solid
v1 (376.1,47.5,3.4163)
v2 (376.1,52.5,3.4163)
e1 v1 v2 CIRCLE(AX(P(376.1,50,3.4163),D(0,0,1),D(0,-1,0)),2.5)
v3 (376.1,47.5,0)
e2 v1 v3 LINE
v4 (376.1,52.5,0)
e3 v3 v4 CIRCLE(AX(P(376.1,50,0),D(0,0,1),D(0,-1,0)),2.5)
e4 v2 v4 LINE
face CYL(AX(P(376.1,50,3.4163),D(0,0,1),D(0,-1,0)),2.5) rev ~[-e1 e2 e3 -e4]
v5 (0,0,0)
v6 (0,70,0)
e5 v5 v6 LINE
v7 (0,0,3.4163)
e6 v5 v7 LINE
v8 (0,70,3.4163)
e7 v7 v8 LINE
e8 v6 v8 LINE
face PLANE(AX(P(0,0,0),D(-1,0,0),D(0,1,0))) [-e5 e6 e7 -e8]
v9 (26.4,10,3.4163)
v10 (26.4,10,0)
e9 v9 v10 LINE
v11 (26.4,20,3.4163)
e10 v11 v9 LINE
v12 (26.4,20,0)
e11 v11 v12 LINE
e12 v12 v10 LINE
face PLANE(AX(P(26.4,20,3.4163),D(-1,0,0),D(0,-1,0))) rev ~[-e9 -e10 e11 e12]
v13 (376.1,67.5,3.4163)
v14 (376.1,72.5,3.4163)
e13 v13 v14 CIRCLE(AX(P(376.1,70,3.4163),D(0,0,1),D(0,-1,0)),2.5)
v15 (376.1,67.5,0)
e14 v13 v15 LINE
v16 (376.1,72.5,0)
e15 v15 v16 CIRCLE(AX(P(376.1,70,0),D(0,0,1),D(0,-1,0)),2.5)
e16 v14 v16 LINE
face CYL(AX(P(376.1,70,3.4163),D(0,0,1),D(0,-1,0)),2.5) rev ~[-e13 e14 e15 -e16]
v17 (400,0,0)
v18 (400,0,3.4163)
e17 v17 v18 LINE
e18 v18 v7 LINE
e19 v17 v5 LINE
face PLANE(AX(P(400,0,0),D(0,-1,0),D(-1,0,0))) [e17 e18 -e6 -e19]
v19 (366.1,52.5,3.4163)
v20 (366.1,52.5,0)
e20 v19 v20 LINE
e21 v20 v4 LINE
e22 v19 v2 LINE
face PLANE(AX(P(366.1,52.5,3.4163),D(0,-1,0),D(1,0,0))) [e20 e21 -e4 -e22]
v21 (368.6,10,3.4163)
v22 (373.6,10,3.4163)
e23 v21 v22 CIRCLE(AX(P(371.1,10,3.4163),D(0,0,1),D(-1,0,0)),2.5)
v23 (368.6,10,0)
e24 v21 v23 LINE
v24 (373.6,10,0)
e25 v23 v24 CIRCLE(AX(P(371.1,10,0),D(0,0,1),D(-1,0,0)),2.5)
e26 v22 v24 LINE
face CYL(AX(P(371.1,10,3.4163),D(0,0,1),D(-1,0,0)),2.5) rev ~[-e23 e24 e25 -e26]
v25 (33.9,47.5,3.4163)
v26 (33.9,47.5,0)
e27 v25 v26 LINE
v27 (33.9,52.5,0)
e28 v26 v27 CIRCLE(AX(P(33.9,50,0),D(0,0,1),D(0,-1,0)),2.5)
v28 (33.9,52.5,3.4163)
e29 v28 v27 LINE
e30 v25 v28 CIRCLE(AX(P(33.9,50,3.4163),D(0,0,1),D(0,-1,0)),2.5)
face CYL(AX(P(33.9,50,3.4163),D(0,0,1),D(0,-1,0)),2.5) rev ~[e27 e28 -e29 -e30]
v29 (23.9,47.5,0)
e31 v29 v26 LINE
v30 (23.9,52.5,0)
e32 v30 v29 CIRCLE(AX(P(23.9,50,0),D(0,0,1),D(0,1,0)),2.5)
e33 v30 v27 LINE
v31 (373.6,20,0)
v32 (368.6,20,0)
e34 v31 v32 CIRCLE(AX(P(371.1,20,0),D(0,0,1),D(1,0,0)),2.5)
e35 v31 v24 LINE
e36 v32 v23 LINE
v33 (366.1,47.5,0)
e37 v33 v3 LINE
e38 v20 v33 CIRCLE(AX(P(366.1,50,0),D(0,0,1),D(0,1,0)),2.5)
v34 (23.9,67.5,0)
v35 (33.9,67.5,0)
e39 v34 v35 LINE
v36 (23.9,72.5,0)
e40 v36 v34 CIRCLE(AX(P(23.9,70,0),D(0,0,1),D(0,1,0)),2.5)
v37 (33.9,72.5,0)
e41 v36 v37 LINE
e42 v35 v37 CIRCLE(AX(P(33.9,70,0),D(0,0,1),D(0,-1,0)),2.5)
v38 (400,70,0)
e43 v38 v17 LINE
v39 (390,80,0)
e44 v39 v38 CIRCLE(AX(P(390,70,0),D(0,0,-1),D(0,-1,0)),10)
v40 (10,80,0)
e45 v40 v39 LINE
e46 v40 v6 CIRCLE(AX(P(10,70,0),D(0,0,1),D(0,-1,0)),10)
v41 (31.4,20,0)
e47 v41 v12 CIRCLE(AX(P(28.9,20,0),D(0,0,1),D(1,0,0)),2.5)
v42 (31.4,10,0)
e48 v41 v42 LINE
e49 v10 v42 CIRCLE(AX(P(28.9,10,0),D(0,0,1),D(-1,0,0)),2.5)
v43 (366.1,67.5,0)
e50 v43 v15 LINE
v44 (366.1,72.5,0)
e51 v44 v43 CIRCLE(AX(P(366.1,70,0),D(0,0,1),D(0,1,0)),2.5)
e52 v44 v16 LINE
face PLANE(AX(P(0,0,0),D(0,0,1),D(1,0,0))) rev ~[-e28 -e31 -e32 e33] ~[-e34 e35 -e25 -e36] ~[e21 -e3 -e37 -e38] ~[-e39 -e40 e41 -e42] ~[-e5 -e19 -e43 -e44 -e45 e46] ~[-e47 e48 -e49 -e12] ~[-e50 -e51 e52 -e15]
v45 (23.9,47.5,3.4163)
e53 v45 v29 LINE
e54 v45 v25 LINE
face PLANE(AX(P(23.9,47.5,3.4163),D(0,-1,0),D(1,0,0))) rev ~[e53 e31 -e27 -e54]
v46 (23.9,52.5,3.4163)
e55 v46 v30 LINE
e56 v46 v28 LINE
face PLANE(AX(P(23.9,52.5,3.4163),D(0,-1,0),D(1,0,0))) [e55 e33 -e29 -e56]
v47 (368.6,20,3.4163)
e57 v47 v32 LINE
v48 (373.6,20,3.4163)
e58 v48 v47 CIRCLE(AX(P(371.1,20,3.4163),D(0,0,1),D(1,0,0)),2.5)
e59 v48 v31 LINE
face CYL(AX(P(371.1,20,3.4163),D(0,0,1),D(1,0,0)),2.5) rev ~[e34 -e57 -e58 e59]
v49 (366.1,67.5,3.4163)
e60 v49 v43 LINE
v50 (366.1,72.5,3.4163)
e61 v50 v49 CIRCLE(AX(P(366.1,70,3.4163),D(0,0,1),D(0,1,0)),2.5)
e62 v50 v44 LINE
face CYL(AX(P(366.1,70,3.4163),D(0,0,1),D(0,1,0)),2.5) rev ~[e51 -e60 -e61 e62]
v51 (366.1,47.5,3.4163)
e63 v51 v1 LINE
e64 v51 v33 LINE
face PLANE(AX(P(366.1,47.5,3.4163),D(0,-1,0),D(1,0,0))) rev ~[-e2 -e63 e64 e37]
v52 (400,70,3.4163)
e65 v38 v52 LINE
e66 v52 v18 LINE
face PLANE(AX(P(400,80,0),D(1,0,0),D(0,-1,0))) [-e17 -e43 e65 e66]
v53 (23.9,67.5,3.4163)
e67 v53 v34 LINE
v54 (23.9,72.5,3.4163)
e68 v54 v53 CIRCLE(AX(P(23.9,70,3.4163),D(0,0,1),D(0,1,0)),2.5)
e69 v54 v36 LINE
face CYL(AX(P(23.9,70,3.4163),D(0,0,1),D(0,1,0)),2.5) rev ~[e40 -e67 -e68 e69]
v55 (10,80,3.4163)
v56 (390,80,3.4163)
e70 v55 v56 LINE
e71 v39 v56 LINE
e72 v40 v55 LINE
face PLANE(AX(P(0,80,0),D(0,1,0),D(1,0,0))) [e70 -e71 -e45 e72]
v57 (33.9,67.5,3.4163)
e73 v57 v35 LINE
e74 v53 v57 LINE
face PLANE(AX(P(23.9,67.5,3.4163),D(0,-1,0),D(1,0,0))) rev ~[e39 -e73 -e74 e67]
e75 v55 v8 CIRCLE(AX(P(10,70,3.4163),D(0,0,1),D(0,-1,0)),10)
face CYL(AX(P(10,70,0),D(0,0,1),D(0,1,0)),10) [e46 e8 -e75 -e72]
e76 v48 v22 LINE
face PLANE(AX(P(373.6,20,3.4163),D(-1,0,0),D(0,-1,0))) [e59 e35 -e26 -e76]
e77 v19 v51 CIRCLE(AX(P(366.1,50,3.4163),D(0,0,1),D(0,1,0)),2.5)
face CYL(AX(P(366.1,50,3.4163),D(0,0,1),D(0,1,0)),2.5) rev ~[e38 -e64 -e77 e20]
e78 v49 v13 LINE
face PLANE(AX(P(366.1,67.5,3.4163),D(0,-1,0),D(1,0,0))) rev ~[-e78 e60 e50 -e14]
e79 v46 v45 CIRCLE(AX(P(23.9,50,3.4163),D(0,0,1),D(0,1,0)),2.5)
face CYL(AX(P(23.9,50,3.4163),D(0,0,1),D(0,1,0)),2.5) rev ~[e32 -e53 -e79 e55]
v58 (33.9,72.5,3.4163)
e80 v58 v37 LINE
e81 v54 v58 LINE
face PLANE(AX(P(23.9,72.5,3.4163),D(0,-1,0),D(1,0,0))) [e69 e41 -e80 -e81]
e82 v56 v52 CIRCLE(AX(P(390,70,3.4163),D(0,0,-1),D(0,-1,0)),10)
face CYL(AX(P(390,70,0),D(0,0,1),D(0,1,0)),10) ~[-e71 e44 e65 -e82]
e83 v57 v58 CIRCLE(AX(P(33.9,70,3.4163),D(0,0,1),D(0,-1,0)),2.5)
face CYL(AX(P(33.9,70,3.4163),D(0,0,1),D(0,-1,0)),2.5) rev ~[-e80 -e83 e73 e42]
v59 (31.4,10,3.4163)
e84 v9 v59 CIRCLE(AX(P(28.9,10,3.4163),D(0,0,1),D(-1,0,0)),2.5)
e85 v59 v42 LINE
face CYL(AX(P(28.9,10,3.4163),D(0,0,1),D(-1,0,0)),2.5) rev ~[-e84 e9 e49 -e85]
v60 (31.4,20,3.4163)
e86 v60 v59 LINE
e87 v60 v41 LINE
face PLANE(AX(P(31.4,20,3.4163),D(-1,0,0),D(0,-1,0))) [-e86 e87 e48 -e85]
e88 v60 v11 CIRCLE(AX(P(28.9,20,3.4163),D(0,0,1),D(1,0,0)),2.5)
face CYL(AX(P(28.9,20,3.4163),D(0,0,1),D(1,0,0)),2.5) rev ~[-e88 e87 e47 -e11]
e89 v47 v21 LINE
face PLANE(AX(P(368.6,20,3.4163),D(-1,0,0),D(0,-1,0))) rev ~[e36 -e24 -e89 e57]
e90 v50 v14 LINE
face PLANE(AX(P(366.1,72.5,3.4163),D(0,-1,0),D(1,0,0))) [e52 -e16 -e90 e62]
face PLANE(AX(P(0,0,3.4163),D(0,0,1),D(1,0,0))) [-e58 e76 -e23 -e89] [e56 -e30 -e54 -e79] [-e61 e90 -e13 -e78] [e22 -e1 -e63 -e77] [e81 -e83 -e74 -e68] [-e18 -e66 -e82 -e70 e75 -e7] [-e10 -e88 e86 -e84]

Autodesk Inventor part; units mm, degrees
ref_plane "YZ Plane" through (0, 0, 0) normal (1, 0, 0) x (0, 1, 0)
ref_plane "XZ Plane" through (0, 0, 0) normal (0, 1, 0) x (-1, 0, 0)
ref_plane "XY Plane" through (0, 0, 0) normal (0, 0, 1) x (1, 0, 0)
sketch "Sketch1" plane through (0, 0, 0) normal (0, 0, 1) x (1, 0, 0)
  line L0 (0, 80) -> (400, 80)
  line L1 (400, 80) -> (400, 0)
  line L2 (400, 0) -> (0, 0)
  line L3 (0, 0) -> (0, 80)
  dimension "d0" = 80
  dimension "d1" = 400
extrude "Extrusion1" add sketch "Sketch1" along normal blind 3.4163
sketch "Sketch2" plane through (0, 0, 3.4163) normal (0, 0, 1) x (1, 0, 0)
  line L0 (0, 80) -> (400, 80) projected
  arc A0 (23.9, 72.5) -> (23.9, 67.5) centre (23.9, 70) ccw
  arc A1 (33.9, 67.5) -> (33.9, 72.5) centre (33.9, 70) ccw
  line L1 (23.9, 72.5) -> (33.9, 72.5)
  line L2 (23.9, 67.5) -> (33.9, 67.5)
  dimension "d7" = 5
  dimension "d8" = 10
  dimension "d9" = 5
  dimension "d10" = 10
extrude "Extrusion2" cut sketch "Sketch2" against normal through all
pattern_linear "Rectangular Pattern1" count 2 spacing 342.2 along (1, 0, 0) count 2 spacing 20 along (0, -1, 0) of "Extrusion2"
fillet "Fillet1" radius 10 2 edges at (400, 80, 1.7082) (0, 80, 1.7082)
sketch "Sketch3" plane through (0, 0, 3.4163) normal (0, 0, 1) x (1, 0, 0)
  line L0 (0, 0) -> (0, 70) projected
  line L1 (400, 0) -> (0, 0) projected
  arc A0 (31.4, 20) -> (26.4, 20) centre (28.9, 20) ccw
  arc A1 (26.4, 10) -> (31.4, 10) centre (28.9, 10) ccw
  line L2 (26.4, 20) -> (26.4, 10)
  line L3 (31.4, 20) -> (31.4, 10)
  dimension "d22" = 5
  dimension "d23" = 5
  dimension "d24" = 10
  dimension "d25" = 10
  dimension "d26" = 28.9
  dimension "d27" = 28.9
extrude "Extrusion3" cut sketch "Sketch3" against normal through all
pattern_linear "Rectangular Pattern2" count 2 spacing 342.2 along (1, 0, 0) of "Extrusion3"
equation "\"d8\" = d6"
equation "\"d10\" = d6"
equation "\"d23\" = d22"
equation "\"d27\" = d26"
equation "\"d6\" = 10"
properties part number "SM-S02" material "Steel, Mild"
